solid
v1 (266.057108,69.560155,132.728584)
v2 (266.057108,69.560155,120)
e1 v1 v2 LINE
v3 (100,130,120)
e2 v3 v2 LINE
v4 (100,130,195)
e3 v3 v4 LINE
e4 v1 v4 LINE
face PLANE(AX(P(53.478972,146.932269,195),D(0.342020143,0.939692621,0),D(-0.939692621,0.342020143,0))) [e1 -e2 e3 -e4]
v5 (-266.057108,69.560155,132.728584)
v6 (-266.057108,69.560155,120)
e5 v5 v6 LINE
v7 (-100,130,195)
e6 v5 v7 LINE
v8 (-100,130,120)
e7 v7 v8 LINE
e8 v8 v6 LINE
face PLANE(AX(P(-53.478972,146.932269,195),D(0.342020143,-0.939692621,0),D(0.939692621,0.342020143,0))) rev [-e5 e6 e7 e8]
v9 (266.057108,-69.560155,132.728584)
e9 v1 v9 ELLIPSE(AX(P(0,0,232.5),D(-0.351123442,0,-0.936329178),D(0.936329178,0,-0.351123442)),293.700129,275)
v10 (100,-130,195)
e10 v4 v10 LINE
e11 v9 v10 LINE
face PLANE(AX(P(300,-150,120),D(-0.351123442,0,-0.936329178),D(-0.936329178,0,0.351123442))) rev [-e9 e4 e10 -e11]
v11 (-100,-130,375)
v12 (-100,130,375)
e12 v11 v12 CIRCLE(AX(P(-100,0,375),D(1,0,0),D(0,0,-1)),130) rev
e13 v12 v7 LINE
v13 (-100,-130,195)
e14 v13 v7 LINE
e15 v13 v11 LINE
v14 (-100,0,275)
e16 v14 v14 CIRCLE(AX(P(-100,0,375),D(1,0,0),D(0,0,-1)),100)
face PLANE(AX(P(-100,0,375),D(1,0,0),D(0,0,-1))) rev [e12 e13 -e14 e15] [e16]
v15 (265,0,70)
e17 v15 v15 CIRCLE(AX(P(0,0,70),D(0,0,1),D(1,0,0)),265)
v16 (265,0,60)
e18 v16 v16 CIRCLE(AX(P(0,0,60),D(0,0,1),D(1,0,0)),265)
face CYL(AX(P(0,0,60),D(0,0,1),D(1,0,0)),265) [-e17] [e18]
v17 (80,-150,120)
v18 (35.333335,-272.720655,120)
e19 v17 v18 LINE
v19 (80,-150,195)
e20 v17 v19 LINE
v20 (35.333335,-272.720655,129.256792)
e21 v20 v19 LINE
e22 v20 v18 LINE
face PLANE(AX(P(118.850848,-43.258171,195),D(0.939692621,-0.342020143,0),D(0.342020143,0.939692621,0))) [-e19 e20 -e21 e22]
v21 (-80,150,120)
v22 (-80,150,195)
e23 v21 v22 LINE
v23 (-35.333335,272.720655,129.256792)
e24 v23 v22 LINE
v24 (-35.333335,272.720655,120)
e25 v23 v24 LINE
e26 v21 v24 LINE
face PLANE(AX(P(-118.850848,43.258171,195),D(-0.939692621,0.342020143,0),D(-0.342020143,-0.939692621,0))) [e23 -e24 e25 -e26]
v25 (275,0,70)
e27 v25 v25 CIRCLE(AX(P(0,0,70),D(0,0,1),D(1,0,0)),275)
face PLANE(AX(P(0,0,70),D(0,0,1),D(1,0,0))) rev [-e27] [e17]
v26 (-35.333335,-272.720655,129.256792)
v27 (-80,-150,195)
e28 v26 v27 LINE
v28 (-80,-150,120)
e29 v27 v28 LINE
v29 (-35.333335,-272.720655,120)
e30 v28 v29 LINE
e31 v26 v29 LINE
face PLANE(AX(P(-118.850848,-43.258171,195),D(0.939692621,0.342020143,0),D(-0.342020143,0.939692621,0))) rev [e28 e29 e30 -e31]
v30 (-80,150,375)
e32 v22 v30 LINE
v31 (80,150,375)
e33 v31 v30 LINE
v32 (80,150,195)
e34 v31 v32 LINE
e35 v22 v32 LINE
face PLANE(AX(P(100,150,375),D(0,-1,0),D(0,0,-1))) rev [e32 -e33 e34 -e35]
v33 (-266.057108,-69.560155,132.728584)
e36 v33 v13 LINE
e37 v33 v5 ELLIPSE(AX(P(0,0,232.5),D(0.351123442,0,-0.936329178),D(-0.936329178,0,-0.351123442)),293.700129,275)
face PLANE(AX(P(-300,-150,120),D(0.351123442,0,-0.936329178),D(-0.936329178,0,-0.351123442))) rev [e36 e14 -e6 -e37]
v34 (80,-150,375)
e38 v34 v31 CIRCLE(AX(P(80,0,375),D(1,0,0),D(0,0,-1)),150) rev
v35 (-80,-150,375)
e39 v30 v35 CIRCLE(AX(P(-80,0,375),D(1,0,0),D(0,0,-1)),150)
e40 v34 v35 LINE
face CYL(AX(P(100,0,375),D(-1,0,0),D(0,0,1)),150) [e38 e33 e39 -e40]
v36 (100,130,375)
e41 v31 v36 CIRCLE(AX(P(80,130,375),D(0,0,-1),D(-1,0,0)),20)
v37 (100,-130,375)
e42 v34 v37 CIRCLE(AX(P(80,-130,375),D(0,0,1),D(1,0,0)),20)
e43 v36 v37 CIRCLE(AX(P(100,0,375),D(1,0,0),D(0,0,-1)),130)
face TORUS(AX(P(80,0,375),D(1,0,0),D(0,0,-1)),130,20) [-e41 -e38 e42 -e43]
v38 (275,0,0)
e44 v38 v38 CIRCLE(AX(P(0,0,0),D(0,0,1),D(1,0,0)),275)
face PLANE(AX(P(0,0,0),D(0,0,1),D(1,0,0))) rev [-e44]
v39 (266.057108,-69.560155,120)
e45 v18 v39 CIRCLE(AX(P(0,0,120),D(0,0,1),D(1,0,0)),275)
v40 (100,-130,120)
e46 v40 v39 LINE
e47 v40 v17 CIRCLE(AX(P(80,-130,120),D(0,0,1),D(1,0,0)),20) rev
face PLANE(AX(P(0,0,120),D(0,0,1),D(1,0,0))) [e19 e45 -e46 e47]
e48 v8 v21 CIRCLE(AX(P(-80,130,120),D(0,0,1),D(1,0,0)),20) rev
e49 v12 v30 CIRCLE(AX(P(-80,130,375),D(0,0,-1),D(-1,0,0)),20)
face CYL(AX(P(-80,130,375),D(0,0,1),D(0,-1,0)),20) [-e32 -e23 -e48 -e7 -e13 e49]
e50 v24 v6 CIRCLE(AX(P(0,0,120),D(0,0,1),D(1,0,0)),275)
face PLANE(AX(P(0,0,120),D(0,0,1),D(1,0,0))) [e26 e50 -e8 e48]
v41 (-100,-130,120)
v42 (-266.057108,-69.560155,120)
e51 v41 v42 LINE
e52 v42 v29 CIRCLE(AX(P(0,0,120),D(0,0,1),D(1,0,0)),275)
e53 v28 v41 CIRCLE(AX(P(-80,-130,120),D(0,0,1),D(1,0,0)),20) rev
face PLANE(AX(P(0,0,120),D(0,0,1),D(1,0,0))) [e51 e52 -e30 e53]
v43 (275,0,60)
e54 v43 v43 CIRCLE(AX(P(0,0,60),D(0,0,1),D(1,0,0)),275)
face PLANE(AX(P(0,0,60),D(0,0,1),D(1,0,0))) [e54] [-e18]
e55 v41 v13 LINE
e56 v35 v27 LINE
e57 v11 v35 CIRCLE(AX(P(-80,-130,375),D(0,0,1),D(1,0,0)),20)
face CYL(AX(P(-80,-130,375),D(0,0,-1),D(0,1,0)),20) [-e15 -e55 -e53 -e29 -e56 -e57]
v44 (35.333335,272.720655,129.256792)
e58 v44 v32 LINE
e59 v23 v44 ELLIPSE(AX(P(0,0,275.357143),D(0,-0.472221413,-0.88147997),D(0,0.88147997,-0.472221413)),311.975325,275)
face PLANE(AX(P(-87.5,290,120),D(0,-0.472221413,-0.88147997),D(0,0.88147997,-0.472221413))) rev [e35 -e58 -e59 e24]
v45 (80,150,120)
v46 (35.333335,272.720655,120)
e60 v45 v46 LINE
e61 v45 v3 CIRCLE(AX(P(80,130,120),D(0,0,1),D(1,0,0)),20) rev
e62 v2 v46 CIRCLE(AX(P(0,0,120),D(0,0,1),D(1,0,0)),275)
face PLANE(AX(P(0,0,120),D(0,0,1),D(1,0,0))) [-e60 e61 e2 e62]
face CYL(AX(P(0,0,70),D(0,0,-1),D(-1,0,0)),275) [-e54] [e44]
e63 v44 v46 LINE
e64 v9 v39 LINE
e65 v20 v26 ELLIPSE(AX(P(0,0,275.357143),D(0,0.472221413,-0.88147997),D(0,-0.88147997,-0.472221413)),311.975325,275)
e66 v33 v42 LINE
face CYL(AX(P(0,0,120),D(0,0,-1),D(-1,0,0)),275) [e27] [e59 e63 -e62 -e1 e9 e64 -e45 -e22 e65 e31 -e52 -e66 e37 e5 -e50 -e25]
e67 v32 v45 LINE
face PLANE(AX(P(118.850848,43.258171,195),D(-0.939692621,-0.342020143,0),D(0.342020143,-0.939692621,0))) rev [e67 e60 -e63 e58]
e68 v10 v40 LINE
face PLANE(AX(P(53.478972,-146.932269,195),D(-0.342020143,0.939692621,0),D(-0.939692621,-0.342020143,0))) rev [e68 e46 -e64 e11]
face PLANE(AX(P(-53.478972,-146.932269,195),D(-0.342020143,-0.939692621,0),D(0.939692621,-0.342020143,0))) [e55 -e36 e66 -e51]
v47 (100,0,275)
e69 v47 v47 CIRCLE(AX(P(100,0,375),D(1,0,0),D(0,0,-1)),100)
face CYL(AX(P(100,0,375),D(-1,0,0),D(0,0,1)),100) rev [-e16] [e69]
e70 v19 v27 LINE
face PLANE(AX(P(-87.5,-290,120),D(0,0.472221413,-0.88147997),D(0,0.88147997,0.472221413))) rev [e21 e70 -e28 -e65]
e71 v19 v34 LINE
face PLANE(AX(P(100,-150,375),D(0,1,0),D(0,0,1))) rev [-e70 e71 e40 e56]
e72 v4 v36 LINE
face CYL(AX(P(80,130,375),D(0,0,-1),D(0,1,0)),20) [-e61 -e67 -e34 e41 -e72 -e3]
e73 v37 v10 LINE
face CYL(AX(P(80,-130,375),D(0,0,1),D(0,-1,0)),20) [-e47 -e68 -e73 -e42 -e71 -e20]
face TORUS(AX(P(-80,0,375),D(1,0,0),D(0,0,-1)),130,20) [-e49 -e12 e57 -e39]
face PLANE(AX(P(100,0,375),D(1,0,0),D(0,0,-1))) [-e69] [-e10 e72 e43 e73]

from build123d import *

# Parameters (mm, degrees)
SKETCH1_R           = 275
BOSS_EXTRUDE1_DEPTH = 70
SKETCH2_R           = 275
SKETCH2_R_2         = 265
CUT_EXTRUDE1_DEPTH  = 10
SKETCH3_R           = 275
BOSS_EXTRUDE2_DEPTH = 50
SKETCH4_R           = 150
SKETCH4_R_2         = 100
BOSS_EXTRUDE3_DEPTH = 100
BOSS_EXTRUDE4_DEPTH = 100
FILLET3_R           = 20
BOSS_EXTRUDE5_DEPTH = 75
CUT_EXTRUDE4_DEPTH  = 150
CUT_EXTRUDE5_DEPTH  = 87.5


with BuildPart() as part:
    # Sketch1 → Boss-Extrude1 (new body)
    with BuildSketch(Plane.XY):
        Circle(SKETCH1_R)
    extrude(amount=BOSS_EXTRUDE1_DEPTH)

    # Sketch2 → Cut-Extrude1 (cut)
    with BuildSketch(Plane.XY.offset(70)):
        Circle(SKETCH2_R)
        Circle(SKETCH2_R_2, mode=Mode.SUBTRACT)
    extrude(amount=-CUT_EXTRUDE1_DEPTH, mode=Mode.SUBTRACT)

    # Sketch3 → Boss-Extrude2 (add)
    with BuildSketch(Plane.XY.offset(70)):
        Circle(SKETCH3_R)
    extrude(amount=BOSS_EXTRUDE2_DEPTH)



with BuildPart() as body_2:
    # Sketch4 → Boss-Extrude3 (new body, symmetric)
    with BuildSketch(Plane(origin=(0, 0, 0), x_dir=(0, 0, -1), z_dir=(1, 0, 0))):
        with Locations((-375, 0)):
            Circle(SKETCH4_R)
        with Locations((-375, 0)):
            Circle(SKETCH4_R_2, mode=Mode.SUBTRACT)
    extrude(amount=BOSS_EXTRUDE3_DEPTH, both=True)


with BuildPart() as part_1:
    add(part.part)

    add(body_2.part)  # Boss-Extrude4 merges body 2
    # Sketch6 → Boss-Extrude4 (add, symmetric)
    with BuildSketch(Plane(origin=(0, 0, 0), x_dir=(0, 0, -1), z_dir=(1, 0, 0))):
        with BuildLine():
            Line((-375, 150), (-120, 150))
            Line((-120, 150), (-120, -150))
            Line((-120, -150), (-375, -150))
            ThreePointArc((-375, -150), (-225, 0), (-375, 150))
        make_face()
    extrude(amount=BOSS_EXTRUDE4_DEPTH, both=True)

    # Fillet3
    fillet3_edges = [part_1.edges().sort_by_distance(p)[0] for p in [
        (-100, -150, 247.5),
        (-100, 150, 247.5),
        (100, -150, 247.5),
        (100, 150, 247.5),
        (-100, 0, 525),
        (100, 0, 525),
    ]]
    fillet(fillet3_edges, radius=FILLET3_R)

    # Sketch7 → Boss-Extrude5 (add)
    with BuildSketch(Plane.XY.offset(120)):
        with BuildLine():
            ThreePointArc((-266.057108103, 69.560155462), (-275, 0), (-266.057108103, -69.560155462))
            Line((-266.057108103, -69.560155462), (-100, -130))
            Line((-100, -130), (-100, 130))
            Line((-100, 130), (-266.057108103, 69.560155462))
        make_face()
        with BuildLine():
            Line((100, -130), (266.057108103, -69.560155462))
            ThreePointArc((266.057108103, -69.560155462), (272.755114277, -35.066331942), (275, 0))
            ThreePointArc((275, 0), (272.755114277, 35.066331942), (266.057108103, 69.560155462))
            Line((266.057108103, 69.560155462), (100, 130))
            Line((100, 130), (100, -130))
        make_face()
        with BuildLine():
            ThreePointArc((35.333334581, 272.72065464), (0, 275), (-35.333334581, 272.72065464))
            Line((-35.333334581, 272.72065464), (-80, 150))
            Line((-80, 150), (80, 150))
            Line((80, 150), (35.333334581, 272.72065464))
        make_face()
        with BuildLine():
            Line((80, -150), (-80, -150))
            Line((-80, -150), (-35.333334581, -272.72065464))
            ThreePointArc((-35.333334581, -272.72065464), (0, -275), (35.333334581, -272.72065464))
            Line((35.333334581, -272.72065464), (80, -150))
        make_face()
    extrude(amount=BOSS_EXTRUDE5_DEPTH)

    # Sketch8 → Cut-Extrude4 (cut, symmetric)
    with BuildSketch(Plane(origin=(0, 0, 0), x_dir=(1, 0, 0), z_dir=(0, 1, 0))):
        Polygon((-300, -120), (-100, -195), (-300, -195), align=None)
        Polygon((300, -120), (100, -195), (300, -195), align=None)
    extrude(amount=CUT_EXTRUDE4_DEPTH, both=True, mode=Mode.SUBTRACT)

    # Sketch9 → Cut-Extrude5 (cut, symmetric)
    with BuildSketch(Plane(origin=(0, 0, 0), x_dir=(0, 0, -1), z_dir=(1, 0, 0))):
        Polygon((-195, 150), (-195, 290), (-120, 290), align=None)
        Polygon((-120, -290), (-195, -150), (-195, -290), align=None)
    extrude(amount=CUT_EXTRUDE5_DEPTH, both=True, mode=Mode.SUBTRACT)


solid = part_1.part
